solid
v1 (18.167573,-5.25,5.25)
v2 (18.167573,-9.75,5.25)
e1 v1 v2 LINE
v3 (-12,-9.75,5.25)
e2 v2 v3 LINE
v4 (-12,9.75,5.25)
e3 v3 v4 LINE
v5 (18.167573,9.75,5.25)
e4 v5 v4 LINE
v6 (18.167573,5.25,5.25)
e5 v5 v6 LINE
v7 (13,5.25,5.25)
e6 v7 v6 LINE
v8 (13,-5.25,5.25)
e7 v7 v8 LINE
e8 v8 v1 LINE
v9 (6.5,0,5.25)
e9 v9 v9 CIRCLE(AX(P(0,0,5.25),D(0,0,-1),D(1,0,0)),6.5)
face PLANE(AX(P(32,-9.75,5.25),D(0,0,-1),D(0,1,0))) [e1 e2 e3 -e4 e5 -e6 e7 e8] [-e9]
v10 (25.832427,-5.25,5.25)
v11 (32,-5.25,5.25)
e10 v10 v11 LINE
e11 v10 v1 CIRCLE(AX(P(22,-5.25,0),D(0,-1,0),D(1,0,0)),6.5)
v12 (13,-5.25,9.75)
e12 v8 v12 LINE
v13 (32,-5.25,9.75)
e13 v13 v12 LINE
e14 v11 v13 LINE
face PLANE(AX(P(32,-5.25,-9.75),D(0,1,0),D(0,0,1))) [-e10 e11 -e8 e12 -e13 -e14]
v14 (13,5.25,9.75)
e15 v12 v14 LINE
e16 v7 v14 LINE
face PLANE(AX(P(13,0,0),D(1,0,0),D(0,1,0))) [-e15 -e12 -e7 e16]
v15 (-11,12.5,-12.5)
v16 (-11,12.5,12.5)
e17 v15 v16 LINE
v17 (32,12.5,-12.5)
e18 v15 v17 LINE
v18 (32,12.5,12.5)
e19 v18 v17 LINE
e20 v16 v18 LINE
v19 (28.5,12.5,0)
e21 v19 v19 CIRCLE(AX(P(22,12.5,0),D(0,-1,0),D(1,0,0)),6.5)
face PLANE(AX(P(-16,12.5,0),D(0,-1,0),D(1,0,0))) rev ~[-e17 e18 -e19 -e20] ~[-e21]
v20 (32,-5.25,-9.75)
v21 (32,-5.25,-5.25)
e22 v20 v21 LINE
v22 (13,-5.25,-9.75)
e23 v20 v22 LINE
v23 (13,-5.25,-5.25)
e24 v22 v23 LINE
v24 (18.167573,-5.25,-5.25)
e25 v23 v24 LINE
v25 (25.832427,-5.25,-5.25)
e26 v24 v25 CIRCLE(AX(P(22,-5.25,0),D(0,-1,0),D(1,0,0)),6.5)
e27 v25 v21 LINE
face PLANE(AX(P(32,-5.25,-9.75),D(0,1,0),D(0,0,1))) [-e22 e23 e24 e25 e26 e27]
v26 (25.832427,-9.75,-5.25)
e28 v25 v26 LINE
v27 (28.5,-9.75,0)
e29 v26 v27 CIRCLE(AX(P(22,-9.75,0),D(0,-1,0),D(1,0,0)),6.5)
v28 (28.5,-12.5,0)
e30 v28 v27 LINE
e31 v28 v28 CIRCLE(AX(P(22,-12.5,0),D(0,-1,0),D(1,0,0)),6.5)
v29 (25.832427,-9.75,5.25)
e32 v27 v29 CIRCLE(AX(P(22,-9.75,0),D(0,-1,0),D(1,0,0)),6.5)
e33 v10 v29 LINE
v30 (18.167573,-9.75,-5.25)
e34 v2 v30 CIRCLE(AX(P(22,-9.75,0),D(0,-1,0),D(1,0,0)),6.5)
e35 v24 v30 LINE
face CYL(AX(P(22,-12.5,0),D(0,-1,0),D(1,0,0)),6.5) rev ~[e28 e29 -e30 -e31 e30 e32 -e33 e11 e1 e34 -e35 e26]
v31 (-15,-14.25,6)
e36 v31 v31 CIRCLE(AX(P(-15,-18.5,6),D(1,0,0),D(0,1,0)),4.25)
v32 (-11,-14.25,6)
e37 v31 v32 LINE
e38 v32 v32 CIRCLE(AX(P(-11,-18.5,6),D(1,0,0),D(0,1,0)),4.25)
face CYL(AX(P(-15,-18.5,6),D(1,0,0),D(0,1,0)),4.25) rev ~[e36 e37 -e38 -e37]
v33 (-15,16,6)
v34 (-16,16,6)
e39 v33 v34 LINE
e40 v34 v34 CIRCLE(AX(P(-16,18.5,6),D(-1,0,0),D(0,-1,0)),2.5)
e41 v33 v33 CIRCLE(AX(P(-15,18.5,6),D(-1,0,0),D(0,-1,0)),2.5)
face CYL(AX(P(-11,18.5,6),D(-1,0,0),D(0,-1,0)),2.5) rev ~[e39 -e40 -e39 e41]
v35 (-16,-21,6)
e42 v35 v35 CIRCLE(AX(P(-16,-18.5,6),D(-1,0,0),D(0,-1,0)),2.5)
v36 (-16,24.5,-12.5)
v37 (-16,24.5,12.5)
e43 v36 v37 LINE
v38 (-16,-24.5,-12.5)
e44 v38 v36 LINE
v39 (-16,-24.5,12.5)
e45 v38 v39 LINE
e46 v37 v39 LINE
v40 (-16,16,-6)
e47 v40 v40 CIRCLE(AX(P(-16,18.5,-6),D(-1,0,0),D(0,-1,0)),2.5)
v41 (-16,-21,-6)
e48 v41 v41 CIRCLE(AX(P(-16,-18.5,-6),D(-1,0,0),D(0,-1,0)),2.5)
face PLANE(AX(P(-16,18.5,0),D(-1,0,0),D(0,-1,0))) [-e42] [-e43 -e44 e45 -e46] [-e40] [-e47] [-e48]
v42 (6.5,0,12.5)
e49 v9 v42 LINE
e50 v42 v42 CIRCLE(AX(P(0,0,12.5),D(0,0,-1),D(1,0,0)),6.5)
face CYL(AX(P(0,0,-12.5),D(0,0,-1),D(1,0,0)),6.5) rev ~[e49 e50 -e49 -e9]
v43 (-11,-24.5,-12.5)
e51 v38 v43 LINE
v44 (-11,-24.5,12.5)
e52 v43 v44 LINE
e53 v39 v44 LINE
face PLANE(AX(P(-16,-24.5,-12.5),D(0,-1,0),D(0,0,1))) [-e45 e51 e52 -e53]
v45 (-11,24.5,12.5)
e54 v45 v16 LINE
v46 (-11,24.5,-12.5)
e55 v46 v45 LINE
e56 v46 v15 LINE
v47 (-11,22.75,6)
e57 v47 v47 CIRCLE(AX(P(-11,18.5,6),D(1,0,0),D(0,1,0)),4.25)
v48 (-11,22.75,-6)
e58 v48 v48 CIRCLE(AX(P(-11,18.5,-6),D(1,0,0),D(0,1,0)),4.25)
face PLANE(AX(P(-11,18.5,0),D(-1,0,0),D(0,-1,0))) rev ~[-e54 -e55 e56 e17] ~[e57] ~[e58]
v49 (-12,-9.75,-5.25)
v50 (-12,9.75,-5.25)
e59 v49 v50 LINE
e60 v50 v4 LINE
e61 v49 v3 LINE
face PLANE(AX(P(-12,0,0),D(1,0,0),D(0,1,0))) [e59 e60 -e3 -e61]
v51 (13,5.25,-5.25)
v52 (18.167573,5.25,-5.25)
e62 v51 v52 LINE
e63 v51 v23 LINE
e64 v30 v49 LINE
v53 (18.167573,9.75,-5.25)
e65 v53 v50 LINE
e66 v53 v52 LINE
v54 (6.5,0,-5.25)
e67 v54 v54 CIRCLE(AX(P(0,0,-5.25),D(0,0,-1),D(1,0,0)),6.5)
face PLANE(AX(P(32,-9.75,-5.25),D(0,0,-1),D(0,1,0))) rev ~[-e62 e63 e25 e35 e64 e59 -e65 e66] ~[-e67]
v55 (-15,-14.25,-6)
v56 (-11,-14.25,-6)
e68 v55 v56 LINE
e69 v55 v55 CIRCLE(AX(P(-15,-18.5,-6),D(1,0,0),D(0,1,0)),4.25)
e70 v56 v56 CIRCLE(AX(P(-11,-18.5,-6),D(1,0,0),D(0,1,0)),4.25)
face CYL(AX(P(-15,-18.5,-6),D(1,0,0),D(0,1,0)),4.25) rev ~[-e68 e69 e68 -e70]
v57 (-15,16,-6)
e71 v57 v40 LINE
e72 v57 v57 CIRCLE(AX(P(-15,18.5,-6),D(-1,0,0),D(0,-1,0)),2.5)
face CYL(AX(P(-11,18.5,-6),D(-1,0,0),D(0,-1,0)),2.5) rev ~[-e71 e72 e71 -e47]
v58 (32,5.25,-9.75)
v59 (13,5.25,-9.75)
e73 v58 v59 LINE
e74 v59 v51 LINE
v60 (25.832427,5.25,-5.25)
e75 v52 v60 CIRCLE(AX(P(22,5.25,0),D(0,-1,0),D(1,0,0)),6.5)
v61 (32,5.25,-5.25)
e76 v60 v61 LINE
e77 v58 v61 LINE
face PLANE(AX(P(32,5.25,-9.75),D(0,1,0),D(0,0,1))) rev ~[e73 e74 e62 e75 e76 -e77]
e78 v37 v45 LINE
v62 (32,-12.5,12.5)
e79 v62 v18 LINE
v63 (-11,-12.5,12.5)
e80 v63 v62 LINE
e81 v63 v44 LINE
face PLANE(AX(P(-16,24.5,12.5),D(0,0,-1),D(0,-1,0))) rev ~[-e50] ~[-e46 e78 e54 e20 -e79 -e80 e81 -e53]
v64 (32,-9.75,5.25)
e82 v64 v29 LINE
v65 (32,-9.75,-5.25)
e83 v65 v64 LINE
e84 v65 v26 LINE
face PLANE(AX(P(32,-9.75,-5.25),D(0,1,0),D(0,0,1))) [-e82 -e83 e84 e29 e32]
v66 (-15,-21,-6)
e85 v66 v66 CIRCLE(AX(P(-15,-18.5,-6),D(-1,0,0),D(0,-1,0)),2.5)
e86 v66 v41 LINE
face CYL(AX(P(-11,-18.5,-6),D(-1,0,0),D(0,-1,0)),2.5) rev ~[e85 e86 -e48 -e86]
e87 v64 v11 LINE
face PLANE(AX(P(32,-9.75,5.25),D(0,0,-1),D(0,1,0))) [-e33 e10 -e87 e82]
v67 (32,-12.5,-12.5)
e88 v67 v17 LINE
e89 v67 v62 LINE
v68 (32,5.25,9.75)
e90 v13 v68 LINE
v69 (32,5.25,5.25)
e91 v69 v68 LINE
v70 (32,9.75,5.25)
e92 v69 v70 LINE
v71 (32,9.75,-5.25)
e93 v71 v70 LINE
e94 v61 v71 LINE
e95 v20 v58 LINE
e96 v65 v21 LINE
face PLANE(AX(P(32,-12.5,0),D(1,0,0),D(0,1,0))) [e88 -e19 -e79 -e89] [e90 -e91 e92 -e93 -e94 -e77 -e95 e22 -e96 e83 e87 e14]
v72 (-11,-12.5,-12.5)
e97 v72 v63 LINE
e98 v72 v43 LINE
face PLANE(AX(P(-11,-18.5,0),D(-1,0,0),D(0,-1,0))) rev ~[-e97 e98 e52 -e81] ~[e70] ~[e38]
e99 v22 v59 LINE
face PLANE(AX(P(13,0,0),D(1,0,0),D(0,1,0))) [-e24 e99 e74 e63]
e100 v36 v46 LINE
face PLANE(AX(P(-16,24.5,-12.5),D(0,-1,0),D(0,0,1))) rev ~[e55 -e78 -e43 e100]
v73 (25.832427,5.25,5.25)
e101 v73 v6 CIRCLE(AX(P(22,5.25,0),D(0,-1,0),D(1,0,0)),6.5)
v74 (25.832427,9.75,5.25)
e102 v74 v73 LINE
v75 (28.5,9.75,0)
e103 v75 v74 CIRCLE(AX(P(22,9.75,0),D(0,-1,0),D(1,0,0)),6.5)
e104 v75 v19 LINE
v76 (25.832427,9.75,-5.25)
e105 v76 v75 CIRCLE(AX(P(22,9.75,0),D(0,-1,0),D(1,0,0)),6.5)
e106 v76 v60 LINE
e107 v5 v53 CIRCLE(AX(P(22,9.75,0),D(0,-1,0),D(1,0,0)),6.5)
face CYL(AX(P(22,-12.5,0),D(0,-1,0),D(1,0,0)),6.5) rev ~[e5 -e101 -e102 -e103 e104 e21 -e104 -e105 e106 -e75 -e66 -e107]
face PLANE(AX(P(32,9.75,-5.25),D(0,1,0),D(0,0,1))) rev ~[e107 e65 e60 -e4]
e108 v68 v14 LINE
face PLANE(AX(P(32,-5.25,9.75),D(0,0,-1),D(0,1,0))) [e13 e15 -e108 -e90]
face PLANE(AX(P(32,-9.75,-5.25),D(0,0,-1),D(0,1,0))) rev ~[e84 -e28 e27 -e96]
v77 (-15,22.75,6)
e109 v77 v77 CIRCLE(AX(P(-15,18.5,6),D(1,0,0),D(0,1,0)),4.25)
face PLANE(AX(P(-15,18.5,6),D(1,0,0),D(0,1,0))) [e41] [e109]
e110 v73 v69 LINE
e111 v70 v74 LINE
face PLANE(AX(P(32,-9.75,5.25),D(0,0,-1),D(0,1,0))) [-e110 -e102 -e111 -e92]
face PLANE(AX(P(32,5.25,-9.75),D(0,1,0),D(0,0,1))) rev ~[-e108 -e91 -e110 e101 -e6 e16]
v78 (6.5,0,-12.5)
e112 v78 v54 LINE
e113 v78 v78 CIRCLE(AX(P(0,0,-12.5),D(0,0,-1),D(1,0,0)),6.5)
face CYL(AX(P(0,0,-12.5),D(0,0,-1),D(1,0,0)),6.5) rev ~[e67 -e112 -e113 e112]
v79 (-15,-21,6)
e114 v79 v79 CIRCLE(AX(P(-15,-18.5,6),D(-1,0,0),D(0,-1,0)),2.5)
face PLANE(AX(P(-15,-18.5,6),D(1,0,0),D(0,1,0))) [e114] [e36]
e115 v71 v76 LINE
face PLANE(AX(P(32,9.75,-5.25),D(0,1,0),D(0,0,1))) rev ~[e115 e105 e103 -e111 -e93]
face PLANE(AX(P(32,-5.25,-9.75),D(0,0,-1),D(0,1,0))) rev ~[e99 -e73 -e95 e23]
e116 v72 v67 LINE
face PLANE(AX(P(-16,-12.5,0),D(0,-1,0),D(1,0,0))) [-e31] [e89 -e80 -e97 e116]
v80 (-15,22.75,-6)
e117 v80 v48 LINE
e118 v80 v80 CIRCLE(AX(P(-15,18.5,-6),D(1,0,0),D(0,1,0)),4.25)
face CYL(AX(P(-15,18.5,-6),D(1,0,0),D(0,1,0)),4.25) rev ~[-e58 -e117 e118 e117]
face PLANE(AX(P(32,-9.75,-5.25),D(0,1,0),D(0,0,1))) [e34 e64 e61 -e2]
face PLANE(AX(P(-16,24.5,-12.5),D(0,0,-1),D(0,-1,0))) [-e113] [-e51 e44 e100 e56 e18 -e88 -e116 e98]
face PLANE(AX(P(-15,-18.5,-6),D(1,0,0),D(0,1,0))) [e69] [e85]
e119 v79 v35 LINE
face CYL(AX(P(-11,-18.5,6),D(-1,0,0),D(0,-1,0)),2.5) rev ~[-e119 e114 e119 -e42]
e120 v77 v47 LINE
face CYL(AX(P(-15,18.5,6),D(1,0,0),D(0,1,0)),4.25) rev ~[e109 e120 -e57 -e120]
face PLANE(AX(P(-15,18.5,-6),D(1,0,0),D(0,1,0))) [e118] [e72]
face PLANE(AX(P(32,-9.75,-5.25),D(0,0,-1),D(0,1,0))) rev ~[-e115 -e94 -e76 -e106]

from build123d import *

# Parameters (mm, degrees)
F0_W            = 48
F0_H            = 25
F1_DEPTH        = 12.5
F2_W            = 19.5
F2_H            = 10.5
F3_DEPTH        = 44
F4_R            = 6.5
F5_DEPTH        = 25.001
F6_W            = 10.5
F6_H            = 19.5
F7_DEPTH        = 19
F8_R            = 6.5
F9_DEPTH        = 25.001
F10_W           = 12
F10_H           = 25
F11_DEPTH       = 5
F13_D           = 5
F13_CBORE_D     = 8.5
F13_CBORE_DEPTH = 4


with BuildPart() as f1:
    # F0 (on Top) → F1 (new body, symmetric)
    with BuildSketch(Plane.XY):
        with Locations((8, 0)):
            Rectangle(F0_W, F0_H)
    extrude(amount=F1_DEPTH, both=True)

    # F2 (on face) → F3 (cut)
    with BuildSketch(Plane.YZ.offset(32)):
        Rectangle(F2_W, F2_H)
    extrude(amount=-F3_DEPTH, mode=Mode.SUBTRACT)

    # F4 (on face) → F5 (cut, through all)
    with BuildSketch(Plane(origin=(0, 0, -12.5), x_dir=(1, 0, 0), z_dir=(0, 0, -1))):
        Circle(F4_R)
    extrude(amount=-F5_DEPTH, mode=Mode.SUBTRACT)

    # F6 (on face) → F7 (cut)
    with BuildSketch(Plane.YZ.offset(32)):
        Rectangle(F6_W, F6_H)
    extrude(amount=-F7_DEPTH, mode=Mode.SUBTRACT)

    # F8 (on face) → F9 (cut, through all)
    with BuildSketch(Plane.XZ.offset(12.5)):
        with Locations((22, 0)):
            Circle(F8_R)
    extrude(amount=-F9_DEPTH, mode=Mode.SUBTRACT)

    # F10 (on face) → F11 (join)
    with BuildSketch(Plane(origin=(-16, 0, 0), x_dir=(0, -1, 0), z_dir=(-1, 0, 0))):
        with Locations((-18.5, 0)):
            Rectangle(F10_W, F10_H)
        with Locations((18.5, 0)):
            Rectangle(F10_W, F10_H)
    extrude(amount=-F11_DEPTH)

    # F13 (through all)
    with Locations(Plane.YZ.offset(-11)):
        with Locations((-18.5, 6), (-18.5, -6), (18.5, 6), (18.5, -6)):
            CounterBoreHole(F13_D / 2, F13_CBORE_D / 2, F13_CBORE_DEPTH)


solid = f1.part
